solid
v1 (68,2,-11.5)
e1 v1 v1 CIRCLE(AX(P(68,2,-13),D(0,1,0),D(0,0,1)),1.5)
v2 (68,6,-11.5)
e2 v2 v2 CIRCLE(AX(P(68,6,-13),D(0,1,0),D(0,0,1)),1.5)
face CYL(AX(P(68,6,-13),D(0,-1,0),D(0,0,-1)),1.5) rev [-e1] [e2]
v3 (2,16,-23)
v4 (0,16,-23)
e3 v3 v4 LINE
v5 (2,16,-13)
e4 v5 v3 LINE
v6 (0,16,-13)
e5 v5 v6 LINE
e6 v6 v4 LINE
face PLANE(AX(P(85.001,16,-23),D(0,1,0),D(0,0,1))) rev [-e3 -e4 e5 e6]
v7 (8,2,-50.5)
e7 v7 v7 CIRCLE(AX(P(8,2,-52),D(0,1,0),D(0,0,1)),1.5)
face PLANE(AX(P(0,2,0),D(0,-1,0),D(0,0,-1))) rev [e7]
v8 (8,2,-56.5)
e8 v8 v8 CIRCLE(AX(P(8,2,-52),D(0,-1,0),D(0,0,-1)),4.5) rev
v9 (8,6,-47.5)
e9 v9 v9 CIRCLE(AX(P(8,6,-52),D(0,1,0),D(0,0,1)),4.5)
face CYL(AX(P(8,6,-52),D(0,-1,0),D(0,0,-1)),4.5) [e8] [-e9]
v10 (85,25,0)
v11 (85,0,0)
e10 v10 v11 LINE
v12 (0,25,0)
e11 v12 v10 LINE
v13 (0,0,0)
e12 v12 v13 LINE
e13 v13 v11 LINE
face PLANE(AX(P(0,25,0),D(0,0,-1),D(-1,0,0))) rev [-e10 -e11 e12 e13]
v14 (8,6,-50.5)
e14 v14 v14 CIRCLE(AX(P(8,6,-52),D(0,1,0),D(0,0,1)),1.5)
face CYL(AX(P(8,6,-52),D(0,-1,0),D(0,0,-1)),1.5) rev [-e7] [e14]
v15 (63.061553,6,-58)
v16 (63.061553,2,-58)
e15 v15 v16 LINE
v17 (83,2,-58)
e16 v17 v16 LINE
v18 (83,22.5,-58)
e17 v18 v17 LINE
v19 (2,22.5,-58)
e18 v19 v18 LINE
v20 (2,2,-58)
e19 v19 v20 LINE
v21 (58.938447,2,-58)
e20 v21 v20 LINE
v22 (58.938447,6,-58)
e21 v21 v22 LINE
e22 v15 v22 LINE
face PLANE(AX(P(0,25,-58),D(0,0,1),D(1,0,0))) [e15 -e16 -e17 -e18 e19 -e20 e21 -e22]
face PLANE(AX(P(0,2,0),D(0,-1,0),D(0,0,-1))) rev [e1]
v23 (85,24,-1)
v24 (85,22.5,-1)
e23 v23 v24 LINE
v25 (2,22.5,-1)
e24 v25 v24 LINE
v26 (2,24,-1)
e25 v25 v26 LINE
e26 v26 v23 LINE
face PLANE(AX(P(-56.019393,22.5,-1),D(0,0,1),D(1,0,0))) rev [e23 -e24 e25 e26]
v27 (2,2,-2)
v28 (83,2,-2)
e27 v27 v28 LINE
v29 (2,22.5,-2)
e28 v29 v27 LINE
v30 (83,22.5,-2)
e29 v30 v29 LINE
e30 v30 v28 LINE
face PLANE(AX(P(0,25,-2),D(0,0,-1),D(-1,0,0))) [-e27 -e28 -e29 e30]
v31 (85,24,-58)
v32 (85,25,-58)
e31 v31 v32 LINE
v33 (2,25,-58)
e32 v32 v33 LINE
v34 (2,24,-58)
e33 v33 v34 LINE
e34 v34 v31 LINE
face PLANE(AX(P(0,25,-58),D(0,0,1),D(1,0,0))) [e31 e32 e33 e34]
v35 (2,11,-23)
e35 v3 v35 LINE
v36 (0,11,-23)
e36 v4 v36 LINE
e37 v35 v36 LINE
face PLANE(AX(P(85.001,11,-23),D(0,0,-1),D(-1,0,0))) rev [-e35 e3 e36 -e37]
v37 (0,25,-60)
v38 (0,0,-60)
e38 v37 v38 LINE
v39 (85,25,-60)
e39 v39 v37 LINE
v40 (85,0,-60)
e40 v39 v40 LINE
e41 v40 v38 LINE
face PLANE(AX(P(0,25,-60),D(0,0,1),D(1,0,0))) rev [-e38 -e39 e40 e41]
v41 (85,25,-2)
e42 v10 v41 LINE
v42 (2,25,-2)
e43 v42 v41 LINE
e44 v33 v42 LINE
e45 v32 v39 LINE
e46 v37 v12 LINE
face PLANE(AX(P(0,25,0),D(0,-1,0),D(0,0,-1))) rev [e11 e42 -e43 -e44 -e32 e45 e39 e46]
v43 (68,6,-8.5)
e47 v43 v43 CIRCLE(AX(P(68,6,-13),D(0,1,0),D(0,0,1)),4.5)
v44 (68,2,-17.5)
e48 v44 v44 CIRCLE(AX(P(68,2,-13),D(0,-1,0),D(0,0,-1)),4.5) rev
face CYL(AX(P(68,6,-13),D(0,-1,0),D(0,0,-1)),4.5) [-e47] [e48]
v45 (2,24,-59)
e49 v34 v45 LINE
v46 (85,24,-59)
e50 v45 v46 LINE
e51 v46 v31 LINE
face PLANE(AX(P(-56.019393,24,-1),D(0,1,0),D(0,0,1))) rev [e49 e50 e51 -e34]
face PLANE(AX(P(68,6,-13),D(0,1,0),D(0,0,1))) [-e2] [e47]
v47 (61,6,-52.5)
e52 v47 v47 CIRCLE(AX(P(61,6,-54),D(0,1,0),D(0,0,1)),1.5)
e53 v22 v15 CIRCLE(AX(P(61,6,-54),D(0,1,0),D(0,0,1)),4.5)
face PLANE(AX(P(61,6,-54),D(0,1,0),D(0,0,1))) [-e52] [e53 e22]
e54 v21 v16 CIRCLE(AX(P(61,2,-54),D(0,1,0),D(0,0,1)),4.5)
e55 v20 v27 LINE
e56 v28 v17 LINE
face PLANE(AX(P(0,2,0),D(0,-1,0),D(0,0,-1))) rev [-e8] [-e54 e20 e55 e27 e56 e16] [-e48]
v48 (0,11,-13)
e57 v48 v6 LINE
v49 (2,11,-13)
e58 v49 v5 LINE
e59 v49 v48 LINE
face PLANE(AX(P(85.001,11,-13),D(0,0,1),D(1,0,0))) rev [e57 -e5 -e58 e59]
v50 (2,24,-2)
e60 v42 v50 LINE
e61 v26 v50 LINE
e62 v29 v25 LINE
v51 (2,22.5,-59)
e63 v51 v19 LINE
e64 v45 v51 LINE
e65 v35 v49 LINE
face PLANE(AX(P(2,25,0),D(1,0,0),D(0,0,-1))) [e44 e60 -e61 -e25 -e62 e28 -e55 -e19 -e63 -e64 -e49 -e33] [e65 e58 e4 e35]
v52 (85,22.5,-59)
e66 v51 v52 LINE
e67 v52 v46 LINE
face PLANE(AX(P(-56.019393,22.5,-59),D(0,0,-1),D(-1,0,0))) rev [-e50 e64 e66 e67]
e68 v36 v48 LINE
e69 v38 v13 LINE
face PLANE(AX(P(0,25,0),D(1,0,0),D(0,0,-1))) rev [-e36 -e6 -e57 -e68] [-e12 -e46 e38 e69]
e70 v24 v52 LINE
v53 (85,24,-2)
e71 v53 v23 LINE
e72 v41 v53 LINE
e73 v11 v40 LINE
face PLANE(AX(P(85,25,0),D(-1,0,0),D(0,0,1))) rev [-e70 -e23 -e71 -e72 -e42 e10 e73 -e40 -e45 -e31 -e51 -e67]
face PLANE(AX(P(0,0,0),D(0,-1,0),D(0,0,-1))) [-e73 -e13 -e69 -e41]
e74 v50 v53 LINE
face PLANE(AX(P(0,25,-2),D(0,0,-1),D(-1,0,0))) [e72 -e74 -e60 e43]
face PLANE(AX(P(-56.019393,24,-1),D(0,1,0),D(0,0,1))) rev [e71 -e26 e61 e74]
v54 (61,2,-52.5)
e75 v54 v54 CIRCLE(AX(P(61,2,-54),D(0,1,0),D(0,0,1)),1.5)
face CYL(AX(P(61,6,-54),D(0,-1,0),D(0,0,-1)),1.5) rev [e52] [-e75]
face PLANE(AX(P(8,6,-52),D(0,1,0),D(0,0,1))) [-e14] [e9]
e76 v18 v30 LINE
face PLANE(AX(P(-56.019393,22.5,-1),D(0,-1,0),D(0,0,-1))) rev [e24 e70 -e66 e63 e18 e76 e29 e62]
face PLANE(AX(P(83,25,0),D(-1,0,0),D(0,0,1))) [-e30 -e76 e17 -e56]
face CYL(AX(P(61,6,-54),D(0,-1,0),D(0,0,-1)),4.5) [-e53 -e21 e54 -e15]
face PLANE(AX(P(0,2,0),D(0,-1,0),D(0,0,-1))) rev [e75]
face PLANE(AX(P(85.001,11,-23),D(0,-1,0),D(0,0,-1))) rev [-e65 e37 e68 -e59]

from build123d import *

# Parameters (mm, degrees)
SKIZZE1_W                       = 85
SKIZZE1_H                       = 60
AUFSATZ_LINEAR_AUSTRAGEN1_DEPTH = 25
WANDUNG1_T                      = -2
SKIZZE2_R                       = 4.5
SKIZZE2_R_2                     = 1.5
AUFSATZ_LINEAR_AUSTRAGEN2_DEPTH = 4
SCHNITT_LINEAR_AUSTRAGEN1_REACH = 87
SKIZZE3_W                       = 10
SKIZZE3_H                       = 5
SCHNITT_LINEAR_AUSTRAGEN2_REACH = 87
SKIZZE4_W                       = 56
SKIZZE4_H                       = 1
SKIZZE5_W                       = 58
SKIZZE5_H                       = 1.5
SCHNITT_LINEAR_AUSTRAGEN3_DEPTH = 83


with BuildPart() as part:
    # Skizze1 → Aufsatz-Linear austragen1 (new body)
    with BuildSketch(Plane(origin=(0, 0, 0), x_dir=(1, 0, 0), z_dir=(0, 1, 0))):
        with Locations((42.5, 30)):
            Rectangle(SKIZZE1_W, SKIZZE1_H)
    extrude(amount=AUFSATZ_LINEAR_AUSTRAGEN1_DEPTH)

    # Wandung1
    wandung1_openings = [part.faces().sort_by_distance(p)[0] for p in [
        (42.5, 25, -30),
    ]]
    offset(amount=WANDUNG1_T, openings=wandung1_openings, kind=Kind.INTERSECTION)

    # Skizze2 → Aufsatz-Linear austragen2 (add)
    with BuildSketch(Plane(origin=(0, 2, 0), x_dir=(1, 0, 0), z_dir=(0, 1, 0))):
        with Locations((8, 52)):
            Circle(SKIZZE2_R)
        with Locations((8, 52)):
            Circle(SKIZZE2_R_2, mode=Mode.SUBTRACT)
        with Locations((61, 54)):
            Circle(SKIZZE2_R)
        with Locations((61, 54)):
            Circle(SKIZZE2_R_2, mode=Mode.SUBTRACT)
        with Locations((68, 13)):
            Circle(SKIZZE2_R)
        with Locations((68, 13)):
            Circle(SKIZZE2_R_2, mode=Mode.SUBTRACT)
    extrude(amount=AUFSATZ_LINEAR_AUSTRAGEN2_DEPTH)

    # Skizze3 → Schnitt-Linear austragen1 (cut, up to next)
    with BuildSketch(Plane.ZY, mode=Mode.PRIVATE) as schnitt_linear_austragen1_sk1:
        with Locations((-18, 13.5)):
            Rectangle(SKIZZE3_W, SKIZZE3_H)
    schnitt_linear_austragen1_tool1 = extrude(schnitt_linear_austragen1_sk1.sketch, amount=-SCHNITT_LINEAR_AUSTRAGEN1_REACH, mode=Mode.PRIVATE) & part.part
    add(schnitt_linear_austragen1_tool1.solids().sort_by_distance((0, 13.5, -18))[0], mode=Mode.SUBTRACT)

    # Skizze4 → Schnitt-Linear austragen2 (cut, up to next)
    with BuildSketch(Plane(origin=(85, 0, 0), x_dir=(0, 0, -1), z_dir=(1, 0, 0)), mode=Mode.PRIVATE) as schnitt_linear_austragen2_sk1:
        with Locations((30, 24.5)):
            Rectangle(SKIZZE4_W, SKIZZE4_H)
    schnitt_linear_austragen2_tool1 = extrude(schnitt_linear_austragen2_sk1.sketch, amount=-SCHNITT_LINEAR_AUSTRAGEN2_REACH, mode=Mode.PRIVATE) & part.part
    add(schnitt_linear_austragen2_tool1.solids().sort_by_distance((85, 24.5, -30))[0], mode=Mode.SUBTRACT)

    # Skizze5 → Schnitt-Linear austragen3 (cut)
    with BuildSketch(Plane(origin=(85, 0, 0), x_dir=(0, 0, -1), z_dir=(1, 0, 0))):
        with Locations((30, 23.25)):
            Rectangle(SKIZZE5_W, SKIZZE5_H)
    extrude(amount=-SCHNITT_LINEAR_AUSTRAGEN3_DEPTH, mode=Mode.SUBTRACT)


solid = part.part
